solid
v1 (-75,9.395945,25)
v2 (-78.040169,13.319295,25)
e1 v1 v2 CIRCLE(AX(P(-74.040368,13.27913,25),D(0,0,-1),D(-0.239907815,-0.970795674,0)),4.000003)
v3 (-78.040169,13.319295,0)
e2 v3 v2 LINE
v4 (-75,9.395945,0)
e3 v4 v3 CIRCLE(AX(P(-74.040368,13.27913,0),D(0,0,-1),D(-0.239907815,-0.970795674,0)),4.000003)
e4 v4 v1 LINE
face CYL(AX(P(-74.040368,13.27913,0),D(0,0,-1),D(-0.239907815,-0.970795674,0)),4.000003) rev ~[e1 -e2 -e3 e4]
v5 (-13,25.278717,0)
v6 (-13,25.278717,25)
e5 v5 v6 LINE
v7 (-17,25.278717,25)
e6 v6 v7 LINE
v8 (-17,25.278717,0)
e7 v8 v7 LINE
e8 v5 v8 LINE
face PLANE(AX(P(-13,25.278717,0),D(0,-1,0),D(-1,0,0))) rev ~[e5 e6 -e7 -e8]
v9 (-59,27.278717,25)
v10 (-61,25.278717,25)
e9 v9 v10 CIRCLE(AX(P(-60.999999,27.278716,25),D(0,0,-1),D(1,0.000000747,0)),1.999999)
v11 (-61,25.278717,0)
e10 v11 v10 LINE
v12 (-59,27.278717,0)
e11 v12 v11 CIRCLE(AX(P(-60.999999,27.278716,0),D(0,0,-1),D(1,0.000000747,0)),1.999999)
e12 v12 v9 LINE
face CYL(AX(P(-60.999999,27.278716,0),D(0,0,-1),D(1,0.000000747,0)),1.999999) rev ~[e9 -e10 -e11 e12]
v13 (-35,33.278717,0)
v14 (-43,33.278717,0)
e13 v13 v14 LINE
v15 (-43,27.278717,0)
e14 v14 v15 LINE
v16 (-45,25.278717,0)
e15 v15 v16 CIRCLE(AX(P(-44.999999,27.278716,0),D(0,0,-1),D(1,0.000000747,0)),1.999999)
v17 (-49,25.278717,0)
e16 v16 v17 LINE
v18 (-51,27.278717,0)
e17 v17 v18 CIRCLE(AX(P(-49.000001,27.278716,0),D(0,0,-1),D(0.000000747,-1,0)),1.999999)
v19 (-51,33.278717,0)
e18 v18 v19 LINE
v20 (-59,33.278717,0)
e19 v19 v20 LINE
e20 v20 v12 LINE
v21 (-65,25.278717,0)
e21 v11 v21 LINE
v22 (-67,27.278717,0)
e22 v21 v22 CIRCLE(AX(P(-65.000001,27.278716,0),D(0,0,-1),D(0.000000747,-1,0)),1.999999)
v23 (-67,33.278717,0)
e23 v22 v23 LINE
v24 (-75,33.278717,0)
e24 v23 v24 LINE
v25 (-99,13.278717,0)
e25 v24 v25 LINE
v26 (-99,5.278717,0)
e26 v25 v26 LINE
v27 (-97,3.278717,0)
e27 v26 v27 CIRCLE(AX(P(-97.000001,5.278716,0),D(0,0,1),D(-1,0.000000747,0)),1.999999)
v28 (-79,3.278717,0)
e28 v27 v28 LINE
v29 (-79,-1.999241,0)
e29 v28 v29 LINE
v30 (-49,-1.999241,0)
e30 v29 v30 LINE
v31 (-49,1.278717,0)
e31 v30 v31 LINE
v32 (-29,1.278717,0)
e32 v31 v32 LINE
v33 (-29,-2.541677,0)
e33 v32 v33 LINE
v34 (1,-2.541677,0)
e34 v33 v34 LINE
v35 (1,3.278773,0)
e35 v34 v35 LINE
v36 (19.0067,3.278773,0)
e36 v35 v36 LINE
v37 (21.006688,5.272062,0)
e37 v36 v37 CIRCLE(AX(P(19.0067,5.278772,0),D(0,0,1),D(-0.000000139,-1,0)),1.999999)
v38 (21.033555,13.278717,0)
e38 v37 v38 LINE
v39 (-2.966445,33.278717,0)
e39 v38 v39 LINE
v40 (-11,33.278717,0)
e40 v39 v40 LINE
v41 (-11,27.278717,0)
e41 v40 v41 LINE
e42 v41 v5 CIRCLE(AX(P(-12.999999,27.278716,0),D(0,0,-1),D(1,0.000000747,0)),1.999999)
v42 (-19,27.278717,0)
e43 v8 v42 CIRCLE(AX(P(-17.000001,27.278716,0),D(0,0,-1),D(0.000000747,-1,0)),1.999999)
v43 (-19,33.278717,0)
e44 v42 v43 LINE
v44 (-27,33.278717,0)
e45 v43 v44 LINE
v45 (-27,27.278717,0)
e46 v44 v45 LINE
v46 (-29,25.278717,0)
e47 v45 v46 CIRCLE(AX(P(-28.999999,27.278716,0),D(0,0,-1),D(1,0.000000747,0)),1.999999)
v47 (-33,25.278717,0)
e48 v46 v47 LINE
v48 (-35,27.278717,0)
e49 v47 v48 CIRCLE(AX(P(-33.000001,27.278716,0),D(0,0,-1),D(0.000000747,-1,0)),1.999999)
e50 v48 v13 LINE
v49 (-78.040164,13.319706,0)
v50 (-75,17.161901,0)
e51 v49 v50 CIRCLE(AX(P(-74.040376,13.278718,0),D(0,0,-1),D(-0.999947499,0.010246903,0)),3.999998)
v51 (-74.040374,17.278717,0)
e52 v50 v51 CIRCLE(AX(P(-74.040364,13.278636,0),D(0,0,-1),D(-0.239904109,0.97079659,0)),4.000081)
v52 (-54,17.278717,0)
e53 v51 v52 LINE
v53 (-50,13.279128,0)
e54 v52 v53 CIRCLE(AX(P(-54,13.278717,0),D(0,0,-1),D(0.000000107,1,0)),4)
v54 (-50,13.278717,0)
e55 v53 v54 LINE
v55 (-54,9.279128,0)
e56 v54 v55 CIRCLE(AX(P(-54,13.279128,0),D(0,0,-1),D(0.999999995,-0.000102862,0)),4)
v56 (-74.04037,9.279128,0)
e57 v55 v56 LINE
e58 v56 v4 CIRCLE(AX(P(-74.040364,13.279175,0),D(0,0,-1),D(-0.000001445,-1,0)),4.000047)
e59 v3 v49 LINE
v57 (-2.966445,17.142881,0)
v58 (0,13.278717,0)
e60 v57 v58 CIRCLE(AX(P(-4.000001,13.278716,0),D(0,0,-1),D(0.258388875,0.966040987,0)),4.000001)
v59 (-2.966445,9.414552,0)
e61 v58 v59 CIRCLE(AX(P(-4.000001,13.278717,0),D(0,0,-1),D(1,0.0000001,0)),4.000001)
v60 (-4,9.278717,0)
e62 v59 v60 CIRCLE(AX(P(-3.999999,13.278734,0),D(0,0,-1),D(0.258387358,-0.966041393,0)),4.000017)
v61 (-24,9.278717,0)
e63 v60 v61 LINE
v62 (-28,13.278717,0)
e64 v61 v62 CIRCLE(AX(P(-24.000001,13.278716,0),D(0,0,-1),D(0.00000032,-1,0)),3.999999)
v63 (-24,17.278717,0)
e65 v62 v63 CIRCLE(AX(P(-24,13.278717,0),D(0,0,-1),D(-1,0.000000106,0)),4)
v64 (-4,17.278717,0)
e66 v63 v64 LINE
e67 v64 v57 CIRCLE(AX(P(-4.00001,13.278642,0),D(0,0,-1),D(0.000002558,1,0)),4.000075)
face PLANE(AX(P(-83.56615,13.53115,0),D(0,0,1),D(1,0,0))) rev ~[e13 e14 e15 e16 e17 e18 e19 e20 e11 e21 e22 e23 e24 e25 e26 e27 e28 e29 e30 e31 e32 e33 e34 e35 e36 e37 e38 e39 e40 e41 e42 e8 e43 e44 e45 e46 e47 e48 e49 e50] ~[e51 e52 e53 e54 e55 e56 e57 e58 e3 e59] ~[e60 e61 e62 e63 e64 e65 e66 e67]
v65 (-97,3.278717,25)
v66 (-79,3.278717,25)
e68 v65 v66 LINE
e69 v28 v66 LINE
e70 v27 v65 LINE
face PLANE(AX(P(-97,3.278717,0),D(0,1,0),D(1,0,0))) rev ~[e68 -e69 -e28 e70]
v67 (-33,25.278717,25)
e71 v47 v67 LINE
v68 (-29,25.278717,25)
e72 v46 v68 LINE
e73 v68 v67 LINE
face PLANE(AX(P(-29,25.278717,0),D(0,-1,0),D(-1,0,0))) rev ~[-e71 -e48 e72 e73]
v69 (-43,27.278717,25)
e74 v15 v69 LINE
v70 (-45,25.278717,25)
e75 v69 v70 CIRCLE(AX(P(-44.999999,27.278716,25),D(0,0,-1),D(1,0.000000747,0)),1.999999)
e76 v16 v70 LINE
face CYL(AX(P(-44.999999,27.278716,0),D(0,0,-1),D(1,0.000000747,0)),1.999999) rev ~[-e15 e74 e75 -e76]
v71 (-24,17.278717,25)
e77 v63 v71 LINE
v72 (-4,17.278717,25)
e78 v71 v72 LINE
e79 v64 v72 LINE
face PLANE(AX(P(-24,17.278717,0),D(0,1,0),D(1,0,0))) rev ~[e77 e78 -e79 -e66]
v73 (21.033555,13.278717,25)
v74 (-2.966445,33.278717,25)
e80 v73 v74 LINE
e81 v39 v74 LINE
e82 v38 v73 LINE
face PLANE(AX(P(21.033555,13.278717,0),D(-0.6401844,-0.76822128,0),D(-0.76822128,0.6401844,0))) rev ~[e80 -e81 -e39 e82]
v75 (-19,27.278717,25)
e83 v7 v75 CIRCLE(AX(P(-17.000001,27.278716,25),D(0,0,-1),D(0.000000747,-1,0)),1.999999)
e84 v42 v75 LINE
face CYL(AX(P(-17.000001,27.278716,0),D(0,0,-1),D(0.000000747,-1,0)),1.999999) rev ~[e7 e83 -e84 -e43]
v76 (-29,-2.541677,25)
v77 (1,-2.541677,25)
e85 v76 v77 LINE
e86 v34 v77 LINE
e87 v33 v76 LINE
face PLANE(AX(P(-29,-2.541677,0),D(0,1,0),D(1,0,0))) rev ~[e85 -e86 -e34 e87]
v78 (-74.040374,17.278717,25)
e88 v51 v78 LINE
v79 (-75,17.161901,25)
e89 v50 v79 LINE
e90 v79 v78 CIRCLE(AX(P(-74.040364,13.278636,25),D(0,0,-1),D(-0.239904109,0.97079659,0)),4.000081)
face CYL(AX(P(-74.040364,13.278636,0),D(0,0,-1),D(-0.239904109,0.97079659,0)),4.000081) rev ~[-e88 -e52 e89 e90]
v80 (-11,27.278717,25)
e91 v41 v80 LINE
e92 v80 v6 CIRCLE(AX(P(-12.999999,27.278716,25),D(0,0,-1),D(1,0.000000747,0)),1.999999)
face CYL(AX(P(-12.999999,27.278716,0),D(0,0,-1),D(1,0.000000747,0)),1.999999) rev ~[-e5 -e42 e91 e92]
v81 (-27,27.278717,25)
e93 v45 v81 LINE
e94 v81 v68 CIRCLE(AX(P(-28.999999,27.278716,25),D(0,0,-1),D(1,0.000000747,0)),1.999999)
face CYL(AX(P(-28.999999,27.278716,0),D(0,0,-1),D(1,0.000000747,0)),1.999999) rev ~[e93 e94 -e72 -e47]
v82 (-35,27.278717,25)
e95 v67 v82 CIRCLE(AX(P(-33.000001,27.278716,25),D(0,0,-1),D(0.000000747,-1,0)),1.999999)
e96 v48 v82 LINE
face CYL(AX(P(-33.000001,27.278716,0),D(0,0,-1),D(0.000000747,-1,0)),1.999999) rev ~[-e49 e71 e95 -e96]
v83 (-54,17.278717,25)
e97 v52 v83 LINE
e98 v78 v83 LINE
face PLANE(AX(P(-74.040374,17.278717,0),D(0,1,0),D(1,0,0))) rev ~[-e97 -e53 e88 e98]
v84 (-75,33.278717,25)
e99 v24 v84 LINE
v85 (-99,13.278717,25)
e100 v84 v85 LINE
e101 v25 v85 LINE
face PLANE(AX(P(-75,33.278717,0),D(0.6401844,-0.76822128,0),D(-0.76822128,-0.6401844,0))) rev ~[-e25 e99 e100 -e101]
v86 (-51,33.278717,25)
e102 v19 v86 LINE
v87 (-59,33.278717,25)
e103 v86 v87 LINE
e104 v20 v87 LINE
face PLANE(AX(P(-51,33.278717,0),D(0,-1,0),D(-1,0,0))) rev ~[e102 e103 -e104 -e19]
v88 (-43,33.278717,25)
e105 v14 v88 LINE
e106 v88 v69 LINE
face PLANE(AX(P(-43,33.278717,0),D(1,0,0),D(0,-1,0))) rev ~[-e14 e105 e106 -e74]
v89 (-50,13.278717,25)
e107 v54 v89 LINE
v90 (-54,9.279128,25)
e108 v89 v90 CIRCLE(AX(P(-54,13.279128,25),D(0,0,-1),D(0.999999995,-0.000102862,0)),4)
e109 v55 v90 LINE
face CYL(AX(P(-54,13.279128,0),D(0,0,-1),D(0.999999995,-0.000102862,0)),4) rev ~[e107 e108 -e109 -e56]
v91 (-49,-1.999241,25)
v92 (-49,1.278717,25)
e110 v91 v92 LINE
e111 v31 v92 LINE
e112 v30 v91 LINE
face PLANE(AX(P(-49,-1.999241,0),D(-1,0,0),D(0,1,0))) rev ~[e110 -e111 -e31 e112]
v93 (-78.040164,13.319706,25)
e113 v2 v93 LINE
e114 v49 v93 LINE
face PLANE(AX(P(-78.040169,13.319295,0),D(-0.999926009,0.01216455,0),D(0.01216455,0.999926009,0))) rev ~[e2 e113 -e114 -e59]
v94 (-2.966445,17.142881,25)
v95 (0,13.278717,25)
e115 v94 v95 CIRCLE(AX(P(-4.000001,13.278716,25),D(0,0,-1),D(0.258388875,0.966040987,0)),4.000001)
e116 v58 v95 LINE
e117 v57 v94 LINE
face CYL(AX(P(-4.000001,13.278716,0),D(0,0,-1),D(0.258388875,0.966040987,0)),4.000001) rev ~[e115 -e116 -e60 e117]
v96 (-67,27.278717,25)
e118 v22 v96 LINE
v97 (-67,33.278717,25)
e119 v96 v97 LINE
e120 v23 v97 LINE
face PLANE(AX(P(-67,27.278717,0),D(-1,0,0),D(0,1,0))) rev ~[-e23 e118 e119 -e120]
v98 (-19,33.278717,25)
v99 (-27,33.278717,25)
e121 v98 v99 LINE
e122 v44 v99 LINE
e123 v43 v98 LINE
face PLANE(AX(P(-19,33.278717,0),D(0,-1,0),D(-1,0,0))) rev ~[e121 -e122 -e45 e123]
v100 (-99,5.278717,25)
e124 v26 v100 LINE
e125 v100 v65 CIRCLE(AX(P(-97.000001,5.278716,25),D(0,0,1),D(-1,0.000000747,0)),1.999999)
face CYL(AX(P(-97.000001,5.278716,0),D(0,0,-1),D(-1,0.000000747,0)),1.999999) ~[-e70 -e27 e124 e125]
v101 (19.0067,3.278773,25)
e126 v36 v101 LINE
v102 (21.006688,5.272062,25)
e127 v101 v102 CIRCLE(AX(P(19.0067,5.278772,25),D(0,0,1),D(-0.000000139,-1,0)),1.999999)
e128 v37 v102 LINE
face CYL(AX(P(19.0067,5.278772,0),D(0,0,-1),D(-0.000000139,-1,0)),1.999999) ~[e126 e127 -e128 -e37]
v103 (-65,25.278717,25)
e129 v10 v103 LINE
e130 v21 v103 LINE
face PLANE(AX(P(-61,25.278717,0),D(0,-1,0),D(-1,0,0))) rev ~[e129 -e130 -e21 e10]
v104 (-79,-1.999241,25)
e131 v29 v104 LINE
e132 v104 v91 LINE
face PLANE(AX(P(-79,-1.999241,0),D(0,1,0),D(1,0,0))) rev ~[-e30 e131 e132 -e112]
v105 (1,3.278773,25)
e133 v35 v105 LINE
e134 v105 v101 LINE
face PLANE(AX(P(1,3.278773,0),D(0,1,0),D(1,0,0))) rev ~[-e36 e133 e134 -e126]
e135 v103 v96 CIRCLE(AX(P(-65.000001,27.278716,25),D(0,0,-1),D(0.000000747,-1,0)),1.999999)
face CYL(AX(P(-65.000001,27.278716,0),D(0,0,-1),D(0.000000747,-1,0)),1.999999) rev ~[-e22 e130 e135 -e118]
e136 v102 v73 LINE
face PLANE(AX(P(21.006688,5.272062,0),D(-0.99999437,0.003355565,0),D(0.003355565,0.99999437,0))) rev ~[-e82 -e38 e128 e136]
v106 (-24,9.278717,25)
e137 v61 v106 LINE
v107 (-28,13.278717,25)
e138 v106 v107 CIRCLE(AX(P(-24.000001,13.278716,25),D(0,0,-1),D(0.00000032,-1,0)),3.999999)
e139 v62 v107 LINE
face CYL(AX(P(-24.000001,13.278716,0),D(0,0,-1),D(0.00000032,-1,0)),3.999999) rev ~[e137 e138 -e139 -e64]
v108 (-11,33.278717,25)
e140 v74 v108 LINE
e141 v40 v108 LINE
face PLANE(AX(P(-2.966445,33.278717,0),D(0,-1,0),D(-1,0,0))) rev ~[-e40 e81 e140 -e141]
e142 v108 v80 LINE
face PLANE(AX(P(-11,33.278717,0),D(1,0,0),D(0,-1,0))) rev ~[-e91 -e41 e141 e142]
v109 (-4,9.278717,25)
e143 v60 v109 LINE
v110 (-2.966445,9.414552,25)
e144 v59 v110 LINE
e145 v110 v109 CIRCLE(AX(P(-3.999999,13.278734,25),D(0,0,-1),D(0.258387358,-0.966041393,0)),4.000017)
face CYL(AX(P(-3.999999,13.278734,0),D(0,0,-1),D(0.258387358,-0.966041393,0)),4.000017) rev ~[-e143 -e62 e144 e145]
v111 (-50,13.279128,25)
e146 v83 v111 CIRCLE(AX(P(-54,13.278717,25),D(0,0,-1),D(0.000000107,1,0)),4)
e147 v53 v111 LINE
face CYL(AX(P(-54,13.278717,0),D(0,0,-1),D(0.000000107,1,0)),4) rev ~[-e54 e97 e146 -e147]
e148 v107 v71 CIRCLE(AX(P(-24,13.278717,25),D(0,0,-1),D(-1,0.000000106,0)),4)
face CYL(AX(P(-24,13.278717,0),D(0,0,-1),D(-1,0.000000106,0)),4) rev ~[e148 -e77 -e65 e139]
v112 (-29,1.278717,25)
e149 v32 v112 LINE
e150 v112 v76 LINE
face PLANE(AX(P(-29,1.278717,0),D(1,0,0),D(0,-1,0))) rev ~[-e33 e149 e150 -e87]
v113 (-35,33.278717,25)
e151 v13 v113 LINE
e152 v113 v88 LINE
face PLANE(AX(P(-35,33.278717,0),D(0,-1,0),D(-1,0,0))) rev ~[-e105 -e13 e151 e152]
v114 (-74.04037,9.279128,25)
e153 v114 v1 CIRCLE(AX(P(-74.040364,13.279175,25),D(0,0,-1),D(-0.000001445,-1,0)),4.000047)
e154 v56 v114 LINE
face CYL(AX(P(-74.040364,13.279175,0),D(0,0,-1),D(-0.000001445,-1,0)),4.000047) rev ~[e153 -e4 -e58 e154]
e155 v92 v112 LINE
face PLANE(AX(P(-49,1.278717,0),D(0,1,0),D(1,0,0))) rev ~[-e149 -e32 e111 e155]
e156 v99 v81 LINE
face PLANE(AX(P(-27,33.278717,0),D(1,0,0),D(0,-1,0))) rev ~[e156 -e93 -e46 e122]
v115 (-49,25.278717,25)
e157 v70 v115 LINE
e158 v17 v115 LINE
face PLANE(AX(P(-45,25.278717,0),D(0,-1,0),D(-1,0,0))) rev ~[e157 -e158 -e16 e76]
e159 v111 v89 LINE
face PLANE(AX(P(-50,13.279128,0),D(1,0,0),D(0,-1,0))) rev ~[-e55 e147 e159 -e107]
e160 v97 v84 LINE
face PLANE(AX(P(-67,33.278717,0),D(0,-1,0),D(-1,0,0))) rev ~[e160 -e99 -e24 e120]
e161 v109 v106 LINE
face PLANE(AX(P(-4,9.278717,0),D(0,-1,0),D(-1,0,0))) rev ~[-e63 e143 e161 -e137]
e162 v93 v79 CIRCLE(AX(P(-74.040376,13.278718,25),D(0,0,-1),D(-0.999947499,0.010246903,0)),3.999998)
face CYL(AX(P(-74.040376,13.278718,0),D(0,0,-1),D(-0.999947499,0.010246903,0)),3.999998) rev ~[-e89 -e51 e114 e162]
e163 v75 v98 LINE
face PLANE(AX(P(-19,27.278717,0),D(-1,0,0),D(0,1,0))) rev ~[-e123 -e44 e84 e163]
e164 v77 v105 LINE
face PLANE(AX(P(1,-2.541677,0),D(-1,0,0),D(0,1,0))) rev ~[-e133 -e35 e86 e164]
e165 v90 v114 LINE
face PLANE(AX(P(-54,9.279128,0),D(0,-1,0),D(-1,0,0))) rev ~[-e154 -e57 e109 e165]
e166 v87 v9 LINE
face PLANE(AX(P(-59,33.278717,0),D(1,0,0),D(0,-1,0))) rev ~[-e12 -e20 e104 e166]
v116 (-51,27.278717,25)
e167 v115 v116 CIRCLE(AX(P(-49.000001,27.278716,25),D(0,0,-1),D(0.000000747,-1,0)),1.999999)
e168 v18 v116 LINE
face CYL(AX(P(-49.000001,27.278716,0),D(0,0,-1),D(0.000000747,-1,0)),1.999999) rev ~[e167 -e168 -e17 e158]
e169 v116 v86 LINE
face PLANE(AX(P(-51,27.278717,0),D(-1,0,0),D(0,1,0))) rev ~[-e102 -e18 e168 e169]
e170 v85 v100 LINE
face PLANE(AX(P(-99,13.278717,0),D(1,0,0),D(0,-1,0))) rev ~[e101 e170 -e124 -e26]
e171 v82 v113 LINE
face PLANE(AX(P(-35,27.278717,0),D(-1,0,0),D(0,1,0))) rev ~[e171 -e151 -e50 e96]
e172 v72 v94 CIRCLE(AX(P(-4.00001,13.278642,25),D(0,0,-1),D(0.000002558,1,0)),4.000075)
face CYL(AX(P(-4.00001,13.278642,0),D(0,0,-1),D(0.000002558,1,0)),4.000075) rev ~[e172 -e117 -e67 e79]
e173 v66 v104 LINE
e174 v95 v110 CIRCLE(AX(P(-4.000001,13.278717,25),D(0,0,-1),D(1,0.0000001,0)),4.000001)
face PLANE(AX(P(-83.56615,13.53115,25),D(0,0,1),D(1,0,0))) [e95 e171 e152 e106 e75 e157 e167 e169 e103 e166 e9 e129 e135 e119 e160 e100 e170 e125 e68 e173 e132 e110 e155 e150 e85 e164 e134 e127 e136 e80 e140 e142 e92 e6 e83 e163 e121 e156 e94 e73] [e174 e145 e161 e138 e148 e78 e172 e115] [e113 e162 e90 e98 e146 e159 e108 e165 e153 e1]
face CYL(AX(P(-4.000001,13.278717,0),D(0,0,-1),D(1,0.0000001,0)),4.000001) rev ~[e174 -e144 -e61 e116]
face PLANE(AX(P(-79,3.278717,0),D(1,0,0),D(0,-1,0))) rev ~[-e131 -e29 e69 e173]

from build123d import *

# Parameters (mm, degrees)
F1_DEPTH = 25


with BuildPart() as f1:
    # F0 (on Top) → F1 (new body)
    with BuildSketch(Plane.XY):
        with BuildLine():
            Line((-75, 17.161901), (-75, 33.278717))
            Line((-75, 33.278717), (-99, 13.278717))
            Line((-99, 13.278717), (-99, 5.278717))
            ThreePointArc((-99, 5.278717), (-98.414214, 3.864503), (-97, 3.278717))
            Line((-97, 3.278717), (-79, 3.278717))
            Line((-79, 3.278717), (-79, -1.999241))
            Line((-79, -1.999241), (-75, -1.999241))
            Line((-75, -1.999241), (-75, 9.395945))
            ThreePointArc((-75, 9.395945), (-77.202197, 10.829057), (-78.040169, 13.319295))
            Line((-78.040169, 13.319295), (-78.040164, 13.319706))
            ThreePointArc((-78.040164, 13.319706), (-77.177183, 15.760739), (-75, 17.161901))
        make_face()
        with BuildLine():
            Line((-67, 33.278717), (-75, 33.278717))
            Line((-75, 33.278717), (-75, 17.161901))
            ThreePointArc((-75, 17.161901), (-74.523729, 17.249405), (-74.040374, 17.278717))
            Line((-74.040374, 17.278717), (-54, 17.278717))
            ThreePointArc((-54, 17.278717), (-51.171718, 16.107289), (-50, 13.279128))
            Line((-50, 13.279128), (-50, 13.278717))
            ThreePointArc((-50, 13.278717), (-51.171718, 10.450556), (-54, 9.279128))
            Line((-54, 9.279128), (-74.04037, 9.279128))
            ThreePointArc((-74.04037, 9.279128), (-74.523727, 9.30844), (-75, 9.395945))
            Line((-75, 9.395945), (-75, -1.999241))
            Line((-75, -1.999241), (-49, -1.999241))
            Line((-49, -1.999241), (-49, 1.278717))
            Line((-49, 1.278717), (-39, 1.278717))
            Line((-39, 1.278717), (-29, 1.278717))
            Line((-29, 1.278717), (-29, -2.541677))
            Line((-29, -2.541677), (-2.966445, -2.541677))
            Line((-2.966445, -2.541677), (-2.966445, 9.414552))
            ThreePointArc((-2.966445, 9.414552), (-3.478779, 9.312821), (-4, 9.278717))
            Line((-4, 9.278717), (-24, 9.278717))
            ThreePointArc((-24, 9.278717), (-26.828427, 10.450289), (-28, 13.278717))
            ThreePointArc((-28, 13.278717), (-26.828427, 16.107144), (-24, 17.278717))
            Line((-24, 17.278717), (-4, 17.278717))
            ThreePointArc((-4, 17.278717), (-3.478779, 17.244612), (-2.966445, 17.142881))
            Line((-2.966445, 17.142881), (-2.966445, 33.278717))
            Line((-2.966445, 33.278717), (-11, 33.278717))
            Line((-11, 33.278717), (-11, 27.278717))
            ThreePointArc((-11, 27.278717), (-11.585786, 25.864503), (-13, 25.278717))
            Line((-13, 25.278717), (-17, 25.278717))
            ThreePointArc((-17, 25.278717), (-18.414214, 25.864503), (-19, 27.278717))
            Line((-19, 27.278717), (-19, 33.278717))
            Line((-19, 33.278717), (-27, 33.278717))
            Line((-27, 33.278717), (-27, 27.278717))
            ThreePointArc((-27, 27.278717), (-27.585786, 25.864503), (-29, 25.278717))
            Line((-29, 25.278717), (-33, 25.278717))
            ThreePointArc((-33, 25.278717), (-34.414214, 25.864503), (-35, 27.278717))
            Line((-35, 27.278717), (-35, 33.278717))
            Line((-35, 33.278717), (-43, 33.278717))
            Line((-43, 33.278717), (-43, 27.278717))
            ThreePointArc((-43, 27.278717), (-43.585786, 25.864503), (-45, 25.278717))
            Line((-45, 25.278717), (-49, 25.278717))
            ThreePointArc((-49, 25.278717), (-50.414214, 25.864503), (-51, 27.278717))
            Line((-51, 27.278717), (-51, 33.278717))
            Line((-51, 33.278717), (-59, 33.278717))
            Line((-59, 33.278717), (-59, 27.278717))
            ThreePointArc((-59, 27.278717), (-59.585786, 25.864503), (-61, 25.278717))
            Line((-61, 25.278717), (-65, 25.278717))
            ThreePointArc((-65, 25.278717), (-66.414214, 25.864503), (-67, 27.278717))
            Line((-67, 27.278717), (-67, 33.278717))
        make_face()
        with BuildLine():
            Line((-2.966445, 9.414552), (-2.966445, -2.541677))
            Line((-2.966445, -2.541677), (1, -2.541677))
            Line((1, -2.541677), (1, 3.278773))
            Line((1, 3.278773), (19.0067, 3.278773))
            ThreePointArc((19.0067, 3.278773), (20.418539, 3.862189), (21.006688, 5.272062))
            Line((21.006688, 5.272062), (21.033555, 13.278717))
            Line((21.033555, 13.278717), (-2.966445, 33.278717))
            Line((-2.966445, 33.278717), (-2.966445, 17.142881))
            ThreePointArc((-2.966445, 17.142881), (-0.827129, 15.714469), (0, 13.278717))
            ThreePointArc((0, 13.278717), (-0.827129, 10.842964), (-2.966445, 9.414552))
        make_face()
    extrude(amount=F1_DEPTH)


solid = f1.part
